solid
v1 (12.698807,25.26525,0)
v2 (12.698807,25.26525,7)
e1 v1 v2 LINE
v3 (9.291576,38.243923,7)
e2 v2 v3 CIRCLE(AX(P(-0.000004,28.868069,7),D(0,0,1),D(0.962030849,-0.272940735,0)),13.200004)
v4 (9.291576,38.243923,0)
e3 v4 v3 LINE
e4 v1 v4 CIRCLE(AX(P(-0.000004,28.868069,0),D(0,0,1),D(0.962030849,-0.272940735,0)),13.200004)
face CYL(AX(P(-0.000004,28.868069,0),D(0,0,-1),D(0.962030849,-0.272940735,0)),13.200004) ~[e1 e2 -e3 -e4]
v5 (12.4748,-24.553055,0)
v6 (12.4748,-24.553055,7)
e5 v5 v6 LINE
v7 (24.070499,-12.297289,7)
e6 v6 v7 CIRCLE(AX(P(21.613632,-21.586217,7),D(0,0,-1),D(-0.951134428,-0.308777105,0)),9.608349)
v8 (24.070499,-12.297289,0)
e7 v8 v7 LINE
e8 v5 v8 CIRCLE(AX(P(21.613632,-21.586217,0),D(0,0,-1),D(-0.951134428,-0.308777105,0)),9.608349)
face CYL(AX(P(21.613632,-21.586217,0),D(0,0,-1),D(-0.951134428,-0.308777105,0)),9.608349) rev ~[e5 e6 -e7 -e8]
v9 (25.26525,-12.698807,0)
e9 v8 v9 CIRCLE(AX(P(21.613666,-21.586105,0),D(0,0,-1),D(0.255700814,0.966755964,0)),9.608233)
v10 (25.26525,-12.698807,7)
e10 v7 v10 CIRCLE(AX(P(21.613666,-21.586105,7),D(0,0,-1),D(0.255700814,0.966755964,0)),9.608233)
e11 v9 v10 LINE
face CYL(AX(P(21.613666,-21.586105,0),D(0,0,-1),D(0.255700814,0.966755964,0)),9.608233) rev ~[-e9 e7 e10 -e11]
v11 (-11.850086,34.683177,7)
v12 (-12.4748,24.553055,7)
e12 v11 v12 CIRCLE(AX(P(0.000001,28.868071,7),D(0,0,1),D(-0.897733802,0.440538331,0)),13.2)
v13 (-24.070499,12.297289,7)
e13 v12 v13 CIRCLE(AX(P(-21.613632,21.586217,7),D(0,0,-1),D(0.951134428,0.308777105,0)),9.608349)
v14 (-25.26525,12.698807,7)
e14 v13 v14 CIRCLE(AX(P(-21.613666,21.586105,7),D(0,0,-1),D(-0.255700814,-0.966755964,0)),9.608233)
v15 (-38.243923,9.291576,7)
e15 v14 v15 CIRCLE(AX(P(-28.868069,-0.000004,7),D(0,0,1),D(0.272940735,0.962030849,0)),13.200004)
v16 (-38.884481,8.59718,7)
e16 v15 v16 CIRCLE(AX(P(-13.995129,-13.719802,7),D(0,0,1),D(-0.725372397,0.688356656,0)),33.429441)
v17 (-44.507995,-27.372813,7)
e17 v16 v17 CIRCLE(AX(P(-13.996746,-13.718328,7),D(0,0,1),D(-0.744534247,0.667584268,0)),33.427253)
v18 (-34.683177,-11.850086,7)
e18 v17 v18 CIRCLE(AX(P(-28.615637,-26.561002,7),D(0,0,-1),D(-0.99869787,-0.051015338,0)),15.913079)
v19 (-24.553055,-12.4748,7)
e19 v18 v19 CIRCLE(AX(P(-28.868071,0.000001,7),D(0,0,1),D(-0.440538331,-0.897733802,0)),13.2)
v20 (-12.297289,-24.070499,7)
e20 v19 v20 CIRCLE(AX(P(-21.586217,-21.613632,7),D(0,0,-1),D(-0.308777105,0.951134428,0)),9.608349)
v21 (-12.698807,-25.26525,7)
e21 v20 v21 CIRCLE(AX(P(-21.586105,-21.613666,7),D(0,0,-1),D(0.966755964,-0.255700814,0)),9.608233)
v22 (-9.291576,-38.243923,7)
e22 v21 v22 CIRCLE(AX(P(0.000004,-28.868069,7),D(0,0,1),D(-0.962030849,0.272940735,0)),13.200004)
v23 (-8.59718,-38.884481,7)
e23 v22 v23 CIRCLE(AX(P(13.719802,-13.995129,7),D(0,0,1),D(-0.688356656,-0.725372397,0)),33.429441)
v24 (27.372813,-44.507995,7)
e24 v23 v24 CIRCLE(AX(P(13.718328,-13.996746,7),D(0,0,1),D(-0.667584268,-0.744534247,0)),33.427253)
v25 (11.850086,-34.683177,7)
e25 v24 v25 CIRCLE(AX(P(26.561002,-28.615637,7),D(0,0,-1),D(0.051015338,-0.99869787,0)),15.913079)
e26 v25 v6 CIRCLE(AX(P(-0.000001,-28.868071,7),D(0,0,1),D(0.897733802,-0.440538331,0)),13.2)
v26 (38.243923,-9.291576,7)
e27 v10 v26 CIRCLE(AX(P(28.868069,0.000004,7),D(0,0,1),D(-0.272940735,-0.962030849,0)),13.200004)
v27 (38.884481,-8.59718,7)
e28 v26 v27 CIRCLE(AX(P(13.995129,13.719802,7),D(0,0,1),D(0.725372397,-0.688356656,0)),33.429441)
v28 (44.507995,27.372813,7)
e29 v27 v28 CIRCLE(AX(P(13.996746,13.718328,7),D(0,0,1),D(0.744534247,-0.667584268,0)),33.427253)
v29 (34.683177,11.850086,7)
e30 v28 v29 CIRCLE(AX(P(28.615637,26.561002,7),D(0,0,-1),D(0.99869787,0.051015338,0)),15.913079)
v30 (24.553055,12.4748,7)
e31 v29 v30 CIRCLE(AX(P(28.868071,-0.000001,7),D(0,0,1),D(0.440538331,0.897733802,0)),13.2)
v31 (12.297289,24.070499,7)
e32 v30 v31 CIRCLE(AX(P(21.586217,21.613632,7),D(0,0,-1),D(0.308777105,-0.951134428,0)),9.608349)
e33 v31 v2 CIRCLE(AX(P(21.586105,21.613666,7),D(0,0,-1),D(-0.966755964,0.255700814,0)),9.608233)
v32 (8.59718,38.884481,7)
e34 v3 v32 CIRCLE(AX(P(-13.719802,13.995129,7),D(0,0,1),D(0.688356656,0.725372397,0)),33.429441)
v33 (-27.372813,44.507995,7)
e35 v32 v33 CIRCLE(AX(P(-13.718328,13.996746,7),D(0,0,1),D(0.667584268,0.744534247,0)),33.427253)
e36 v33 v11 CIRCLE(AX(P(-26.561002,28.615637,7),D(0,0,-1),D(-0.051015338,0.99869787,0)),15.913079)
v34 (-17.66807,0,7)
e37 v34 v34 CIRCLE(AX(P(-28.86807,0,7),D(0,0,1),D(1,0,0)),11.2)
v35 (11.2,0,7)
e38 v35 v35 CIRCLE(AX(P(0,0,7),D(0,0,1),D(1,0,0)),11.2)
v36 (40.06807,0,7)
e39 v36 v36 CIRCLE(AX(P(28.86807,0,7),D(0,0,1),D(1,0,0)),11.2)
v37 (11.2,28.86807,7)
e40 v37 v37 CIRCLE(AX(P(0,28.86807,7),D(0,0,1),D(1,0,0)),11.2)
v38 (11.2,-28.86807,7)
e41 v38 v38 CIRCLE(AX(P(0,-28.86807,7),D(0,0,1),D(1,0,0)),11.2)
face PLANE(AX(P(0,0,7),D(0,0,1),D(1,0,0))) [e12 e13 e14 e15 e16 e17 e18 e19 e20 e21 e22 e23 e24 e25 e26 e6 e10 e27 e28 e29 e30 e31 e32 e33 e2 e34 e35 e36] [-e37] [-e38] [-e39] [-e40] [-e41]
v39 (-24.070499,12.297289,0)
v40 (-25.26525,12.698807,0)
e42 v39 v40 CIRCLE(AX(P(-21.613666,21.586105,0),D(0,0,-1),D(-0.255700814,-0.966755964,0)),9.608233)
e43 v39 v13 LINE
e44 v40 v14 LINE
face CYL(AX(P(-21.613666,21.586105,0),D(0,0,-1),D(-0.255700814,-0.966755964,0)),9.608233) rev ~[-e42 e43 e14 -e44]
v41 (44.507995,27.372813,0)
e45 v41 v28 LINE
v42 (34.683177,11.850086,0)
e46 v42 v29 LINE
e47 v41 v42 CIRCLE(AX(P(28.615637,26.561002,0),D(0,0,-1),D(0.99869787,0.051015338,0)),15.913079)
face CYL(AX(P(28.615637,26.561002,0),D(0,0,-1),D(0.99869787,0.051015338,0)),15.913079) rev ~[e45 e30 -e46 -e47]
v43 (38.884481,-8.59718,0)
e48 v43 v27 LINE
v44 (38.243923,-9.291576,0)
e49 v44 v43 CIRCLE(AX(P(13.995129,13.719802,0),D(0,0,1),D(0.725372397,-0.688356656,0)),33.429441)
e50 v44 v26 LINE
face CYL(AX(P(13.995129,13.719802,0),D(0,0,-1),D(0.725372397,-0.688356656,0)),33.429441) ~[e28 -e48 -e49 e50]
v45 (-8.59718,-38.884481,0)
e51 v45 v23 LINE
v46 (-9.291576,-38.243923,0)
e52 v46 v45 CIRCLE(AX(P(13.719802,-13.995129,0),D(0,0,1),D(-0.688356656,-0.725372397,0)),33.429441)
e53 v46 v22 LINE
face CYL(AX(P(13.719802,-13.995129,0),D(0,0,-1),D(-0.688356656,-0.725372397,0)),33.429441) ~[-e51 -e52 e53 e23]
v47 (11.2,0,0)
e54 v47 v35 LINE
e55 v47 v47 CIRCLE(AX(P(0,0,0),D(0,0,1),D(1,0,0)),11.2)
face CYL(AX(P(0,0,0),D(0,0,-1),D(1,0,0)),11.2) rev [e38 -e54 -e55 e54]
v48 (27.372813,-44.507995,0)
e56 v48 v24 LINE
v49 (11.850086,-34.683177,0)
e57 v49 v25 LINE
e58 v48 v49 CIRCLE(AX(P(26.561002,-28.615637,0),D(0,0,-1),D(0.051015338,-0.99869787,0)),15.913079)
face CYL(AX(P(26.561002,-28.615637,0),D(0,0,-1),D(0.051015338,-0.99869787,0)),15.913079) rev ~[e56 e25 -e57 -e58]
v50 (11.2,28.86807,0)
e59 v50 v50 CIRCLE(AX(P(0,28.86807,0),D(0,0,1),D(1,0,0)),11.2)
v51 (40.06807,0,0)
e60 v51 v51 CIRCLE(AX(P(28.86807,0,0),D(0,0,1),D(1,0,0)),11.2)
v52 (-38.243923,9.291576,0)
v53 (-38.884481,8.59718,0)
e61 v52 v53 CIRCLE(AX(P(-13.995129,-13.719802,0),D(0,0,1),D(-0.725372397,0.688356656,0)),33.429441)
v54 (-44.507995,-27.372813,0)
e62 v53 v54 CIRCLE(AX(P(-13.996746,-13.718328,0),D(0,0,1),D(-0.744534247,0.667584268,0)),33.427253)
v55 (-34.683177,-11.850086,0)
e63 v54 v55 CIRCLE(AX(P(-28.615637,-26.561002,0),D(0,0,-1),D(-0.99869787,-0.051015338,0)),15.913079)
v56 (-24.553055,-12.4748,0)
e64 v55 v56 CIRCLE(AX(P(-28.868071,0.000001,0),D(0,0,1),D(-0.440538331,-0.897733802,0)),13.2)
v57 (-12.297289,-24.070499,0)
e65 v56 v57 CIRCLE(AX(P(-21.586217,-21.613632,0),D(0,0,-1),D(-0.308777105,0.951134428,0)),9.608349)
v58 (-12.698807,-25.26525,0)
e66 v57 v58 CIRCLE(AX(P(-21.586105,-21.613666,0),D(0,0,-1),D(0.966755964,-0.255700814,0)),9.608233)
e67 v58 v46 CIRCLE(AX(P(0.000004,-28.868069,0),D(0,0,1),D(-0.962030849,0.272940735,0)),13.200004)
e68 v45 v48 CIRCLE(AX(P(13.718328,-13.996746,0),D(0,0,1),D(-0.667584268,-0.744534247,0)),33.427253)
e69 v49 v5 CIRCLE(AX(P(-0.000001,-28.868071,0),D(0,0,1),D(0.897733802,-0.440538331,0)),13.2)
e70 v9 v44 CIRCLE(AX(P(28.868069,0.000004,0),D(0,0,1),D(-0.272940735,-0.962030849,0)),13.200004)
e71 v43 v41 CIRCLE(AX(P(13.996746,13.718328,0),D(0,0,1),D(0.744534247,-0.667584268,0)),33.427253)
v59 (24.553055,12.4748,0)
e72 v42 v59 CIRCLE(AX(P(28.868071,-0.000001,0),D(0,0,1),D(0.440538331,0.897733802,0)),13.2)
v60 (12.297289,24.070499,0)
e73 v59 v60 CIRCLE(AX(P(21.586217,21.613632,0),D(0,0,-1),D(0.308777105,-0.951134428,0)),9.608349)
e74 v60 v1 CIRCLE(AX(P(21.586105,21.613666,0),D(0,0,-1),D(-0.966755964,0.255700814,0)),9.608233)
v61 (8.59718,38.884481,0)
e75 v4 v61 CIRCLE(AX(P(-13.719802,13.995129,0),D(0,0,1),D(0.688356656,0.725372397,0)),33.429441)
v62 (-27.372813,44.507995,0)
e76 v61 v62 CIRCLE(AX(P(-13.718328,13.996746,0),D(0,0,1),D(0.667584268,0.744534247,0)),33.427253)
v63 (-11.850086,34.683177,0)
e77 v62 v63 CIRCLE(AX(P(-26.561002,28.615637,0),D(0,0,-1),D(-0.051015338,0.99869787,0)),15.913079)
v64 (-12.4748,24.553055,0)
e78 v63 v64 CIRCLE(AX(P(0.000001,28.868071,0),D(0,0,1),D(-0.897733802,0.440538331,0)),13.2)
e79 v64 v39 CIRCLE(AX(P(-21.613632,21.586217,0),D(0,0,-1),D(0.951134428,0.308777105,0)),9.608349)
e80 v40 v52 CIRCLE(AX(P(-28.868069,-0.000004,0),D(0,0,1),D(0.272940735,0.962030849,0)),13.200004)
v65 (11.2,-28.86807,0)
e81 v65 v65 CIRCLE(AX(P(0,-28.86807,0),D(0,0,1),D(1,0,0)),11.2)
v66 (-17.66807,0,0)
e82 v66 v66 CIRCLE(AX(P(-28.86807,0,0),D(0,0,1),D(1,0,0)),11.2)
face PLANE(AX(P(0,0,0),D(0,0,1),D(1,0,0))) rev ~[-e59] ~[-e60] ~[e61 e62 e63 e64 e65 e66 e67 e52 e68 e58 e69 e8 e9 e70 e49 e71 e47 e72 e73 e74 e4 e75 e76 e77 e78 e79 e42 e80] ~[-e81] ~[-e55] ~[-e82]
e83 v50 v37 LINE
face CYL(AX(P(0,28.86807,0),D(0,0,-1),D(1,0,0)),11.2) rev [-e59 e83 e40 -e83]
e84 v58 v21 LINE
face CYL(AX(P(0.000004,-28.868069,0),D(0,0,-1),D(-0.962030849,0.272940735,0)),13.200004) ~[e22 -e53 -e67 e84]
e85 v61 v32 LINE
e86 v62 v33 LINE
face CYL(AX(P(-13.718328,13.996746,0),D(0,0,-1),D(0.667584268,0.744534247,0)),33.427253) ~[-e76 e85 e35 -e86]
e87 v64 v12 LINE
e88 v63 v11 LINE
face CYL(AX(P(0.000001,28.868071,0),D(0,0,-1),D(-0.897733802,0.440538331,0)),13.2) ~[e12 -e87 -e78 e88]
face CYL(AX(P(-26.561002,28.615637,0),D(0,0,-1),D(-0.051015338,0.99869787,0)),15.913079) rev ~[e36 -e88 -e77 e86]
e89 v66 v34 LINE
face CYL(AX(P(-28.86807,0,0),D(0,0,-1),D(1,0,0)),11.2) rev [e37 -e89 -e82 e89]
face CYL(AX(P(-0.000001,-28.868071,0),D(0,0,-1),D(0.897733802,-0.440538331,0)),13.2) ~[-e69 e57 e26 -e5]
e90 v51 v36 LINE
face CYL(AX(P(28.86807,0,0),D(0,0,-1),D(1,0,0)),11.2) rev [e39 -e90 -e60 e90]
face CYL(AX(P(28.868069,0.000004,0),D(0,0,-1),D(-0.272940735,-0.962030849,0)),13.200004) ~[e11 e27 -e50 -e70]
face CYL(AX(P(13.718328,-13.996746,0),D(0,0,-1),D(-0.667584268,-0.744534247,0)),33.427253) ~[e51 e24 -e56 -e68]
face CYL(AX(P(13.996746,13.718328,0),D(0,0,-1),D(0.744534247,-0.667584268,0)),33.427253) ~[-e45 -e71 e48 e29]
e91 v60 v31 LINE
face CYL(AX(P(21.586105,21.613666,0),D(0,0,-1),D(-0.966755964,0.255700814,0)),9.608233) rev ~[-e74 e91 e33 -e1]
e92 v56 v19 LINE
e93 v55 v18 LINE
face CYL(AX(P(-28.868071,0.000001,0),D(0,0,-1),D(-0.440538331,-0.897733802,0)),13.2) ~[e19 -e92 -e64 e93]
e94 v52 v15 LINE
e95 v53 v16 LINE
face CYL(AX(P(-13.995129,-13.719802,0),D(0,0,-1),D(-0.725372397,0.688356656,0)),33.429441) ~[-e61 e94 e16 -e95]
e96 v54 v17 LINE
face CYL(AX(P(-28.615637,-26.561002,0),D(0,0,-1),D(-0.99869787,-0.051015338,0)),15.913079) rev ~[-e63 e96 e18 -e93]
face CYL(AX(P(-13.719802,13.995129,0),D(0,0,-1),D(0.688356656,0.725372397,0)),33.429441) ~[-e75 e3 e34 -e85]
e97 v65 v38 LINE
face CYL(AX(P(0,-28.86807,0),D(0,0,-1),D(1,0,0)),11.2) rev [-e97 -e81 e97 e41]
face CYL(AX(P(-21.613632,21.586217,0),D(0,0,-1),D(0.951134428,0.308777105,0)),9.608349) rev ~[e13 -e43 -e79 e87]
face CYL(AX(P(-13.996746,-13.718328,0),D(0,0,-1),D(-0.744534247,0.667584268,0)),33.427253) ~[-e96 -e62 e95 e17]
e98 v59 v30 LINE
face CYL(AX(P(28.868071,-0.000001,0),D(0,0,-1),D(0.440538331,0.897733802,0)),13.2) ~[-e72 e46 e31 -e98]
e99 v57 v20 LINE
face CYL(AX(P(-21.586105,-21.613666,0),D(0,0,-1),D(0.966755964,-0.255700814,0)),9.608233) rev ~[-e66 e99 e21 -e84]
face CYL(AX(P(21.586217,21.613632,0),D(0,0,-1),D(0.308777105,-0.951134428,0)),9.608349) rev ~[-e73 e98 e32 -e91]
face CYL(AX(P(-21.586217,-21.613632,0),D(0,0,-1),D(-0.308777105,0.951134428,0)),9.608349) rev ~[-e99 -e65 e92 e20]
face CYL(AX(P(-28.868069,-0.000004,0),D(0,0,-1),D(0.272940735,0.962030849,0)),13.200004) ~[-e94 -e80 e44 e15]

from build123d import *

# Parameters (mm, degrees)
F0_R     = 11.2
F1_DEPTH = 7


with BuildPart() as f1:
    # F0 (on Top) → F1 (new body)
    with BuildSketch(Plane.XY):
        with BuildLine():
            ThreePointArc((24.553055, 12.4748), (14.982637, 14.634154), (12.297289, 24.070499))
            ThreePointArc((12.297289, 24.070499), (12.478436, 24.674466), (12.698807, 25.26525))
            ThreePointArc((12.698807, 25.26525), (12.767369, 32.219828), (9.291576, 38.243923))
            ThreePointArc((9.291576, 38.243923), (8.946641, 38.566655), (8.59718, 38.884481))
            ThreePointArc((8.59718, 38.884481), (-8.555063, 47.022826), (-27.372813, 44.507995))
            ThreePointArc((-27.372813, 44.507995), (-18.050535, 42.061753), (-11.850086, 34.683177))
            ThreePointArc((-11.850086, 34.683177), (-13.174971, 29.680558), (-12.4748, 24.553055))
            ThreePointArc((-12.4748, 24.553055), (-14.634154, 14.982637), (-24.070499, 12.297289))
            ThreePointArc((-24.070499, 12.297289), (-24.674466, 12.478436), (-25.26525, 12.698807))
            ThreePointArc((-25.26525, 12.698807), (-32.219828, 12.767369), (-38.243923, 9.291576))
            ThreePointArc((-38.243923, 9.291576), (-38.566655, 8.946641), (-38.884481, 8.59718))
            ThreePointArc((-38.884481, 8.59718), (-47.022826, -8.555063), (-44.507995, -27.372813))
            ThreePointArc((-44.507995, -27.372813), (-42.061753, -18.050535), (-34.683177, -11.850086))
            ThreePointArc((-34.683177, -11.850086), (-29.680558, -13.174971), (-24.553055, -12.4748))
            ThreePointArc((-24.553055, -12.4748), (-14.982637, -14.634154), (-12.297289, -24.070499))
            ThreePointArc((-12.297289, -24.070499), (-12.478436, -24.674466), (-12.698807, -25.26525))
            ThreePointArc((-12.698807, -25.26525), (-12.767369, -32.219828), (-9.291576, -38.243923))
            ThreePointArc((-9.291576, -38.243923), (-8.946641, -38.566655), (-8.59718, -38.884481))
            ThreePointArc((-8.59718, -38.884481), (8.555063, -47.022826), (27.372813, -44.507995))
            ThreePointArc((27.372813, -44.507995), (18.050535, -42.061753), (11.850086, -34.683177))
            ThreePointArc((11.850086, -34.683177), (13.174971, -29.680558), (12.4748, -24.553055))
            ThreePointArc((12.4748, -24.553055), (14.634154, -14.982637), (24.070499, -12.297289))
            ThreePointArc((24.070499, -12.297289), (24.674466, -12.478436), (25.26525, -12.698807))
            ThreePointArc((25.26525, -12.698807), (32.219828, -12.767369), (38.243923, -9.291576))
            ThreePointArc((38.243923, -9.291576), (38.566655, -8.946641), (38.884481, -8.59718))
            ThreePointArc((38.884481, -8.59718), (47.022826, 8.555063), (44.507995, 27.372813))
            ThreePointArc((44.507995, 27.372813), (42.061753, 18.050535), (34.683177, 11.850086))
            ThreePointArc((34.683177, 11.850086), (29.680558, 13.174971), (24.553055, 12.4748))
        make_face()
        with Locations((0, -28.86807)):
            Circle(F0_R, mode=Mode.SUBTRACT)
        with Locations((-28.86807, 0)):
            Circle(F0_R, mode=Mode.SUBTRACT)
        Circle(F0_R, mode=Mode.SUBTRACT)
        with Locations((0, 28.86807)):
            Circle(F0_R, mode=Mode.SUBTRACT)
        with Locations((28.86807, 0)):
            Circle(F0_R, mode=Mode.SUBTRACT)
    extrude(amount=F1_DEPTH)


solid = f1.part
